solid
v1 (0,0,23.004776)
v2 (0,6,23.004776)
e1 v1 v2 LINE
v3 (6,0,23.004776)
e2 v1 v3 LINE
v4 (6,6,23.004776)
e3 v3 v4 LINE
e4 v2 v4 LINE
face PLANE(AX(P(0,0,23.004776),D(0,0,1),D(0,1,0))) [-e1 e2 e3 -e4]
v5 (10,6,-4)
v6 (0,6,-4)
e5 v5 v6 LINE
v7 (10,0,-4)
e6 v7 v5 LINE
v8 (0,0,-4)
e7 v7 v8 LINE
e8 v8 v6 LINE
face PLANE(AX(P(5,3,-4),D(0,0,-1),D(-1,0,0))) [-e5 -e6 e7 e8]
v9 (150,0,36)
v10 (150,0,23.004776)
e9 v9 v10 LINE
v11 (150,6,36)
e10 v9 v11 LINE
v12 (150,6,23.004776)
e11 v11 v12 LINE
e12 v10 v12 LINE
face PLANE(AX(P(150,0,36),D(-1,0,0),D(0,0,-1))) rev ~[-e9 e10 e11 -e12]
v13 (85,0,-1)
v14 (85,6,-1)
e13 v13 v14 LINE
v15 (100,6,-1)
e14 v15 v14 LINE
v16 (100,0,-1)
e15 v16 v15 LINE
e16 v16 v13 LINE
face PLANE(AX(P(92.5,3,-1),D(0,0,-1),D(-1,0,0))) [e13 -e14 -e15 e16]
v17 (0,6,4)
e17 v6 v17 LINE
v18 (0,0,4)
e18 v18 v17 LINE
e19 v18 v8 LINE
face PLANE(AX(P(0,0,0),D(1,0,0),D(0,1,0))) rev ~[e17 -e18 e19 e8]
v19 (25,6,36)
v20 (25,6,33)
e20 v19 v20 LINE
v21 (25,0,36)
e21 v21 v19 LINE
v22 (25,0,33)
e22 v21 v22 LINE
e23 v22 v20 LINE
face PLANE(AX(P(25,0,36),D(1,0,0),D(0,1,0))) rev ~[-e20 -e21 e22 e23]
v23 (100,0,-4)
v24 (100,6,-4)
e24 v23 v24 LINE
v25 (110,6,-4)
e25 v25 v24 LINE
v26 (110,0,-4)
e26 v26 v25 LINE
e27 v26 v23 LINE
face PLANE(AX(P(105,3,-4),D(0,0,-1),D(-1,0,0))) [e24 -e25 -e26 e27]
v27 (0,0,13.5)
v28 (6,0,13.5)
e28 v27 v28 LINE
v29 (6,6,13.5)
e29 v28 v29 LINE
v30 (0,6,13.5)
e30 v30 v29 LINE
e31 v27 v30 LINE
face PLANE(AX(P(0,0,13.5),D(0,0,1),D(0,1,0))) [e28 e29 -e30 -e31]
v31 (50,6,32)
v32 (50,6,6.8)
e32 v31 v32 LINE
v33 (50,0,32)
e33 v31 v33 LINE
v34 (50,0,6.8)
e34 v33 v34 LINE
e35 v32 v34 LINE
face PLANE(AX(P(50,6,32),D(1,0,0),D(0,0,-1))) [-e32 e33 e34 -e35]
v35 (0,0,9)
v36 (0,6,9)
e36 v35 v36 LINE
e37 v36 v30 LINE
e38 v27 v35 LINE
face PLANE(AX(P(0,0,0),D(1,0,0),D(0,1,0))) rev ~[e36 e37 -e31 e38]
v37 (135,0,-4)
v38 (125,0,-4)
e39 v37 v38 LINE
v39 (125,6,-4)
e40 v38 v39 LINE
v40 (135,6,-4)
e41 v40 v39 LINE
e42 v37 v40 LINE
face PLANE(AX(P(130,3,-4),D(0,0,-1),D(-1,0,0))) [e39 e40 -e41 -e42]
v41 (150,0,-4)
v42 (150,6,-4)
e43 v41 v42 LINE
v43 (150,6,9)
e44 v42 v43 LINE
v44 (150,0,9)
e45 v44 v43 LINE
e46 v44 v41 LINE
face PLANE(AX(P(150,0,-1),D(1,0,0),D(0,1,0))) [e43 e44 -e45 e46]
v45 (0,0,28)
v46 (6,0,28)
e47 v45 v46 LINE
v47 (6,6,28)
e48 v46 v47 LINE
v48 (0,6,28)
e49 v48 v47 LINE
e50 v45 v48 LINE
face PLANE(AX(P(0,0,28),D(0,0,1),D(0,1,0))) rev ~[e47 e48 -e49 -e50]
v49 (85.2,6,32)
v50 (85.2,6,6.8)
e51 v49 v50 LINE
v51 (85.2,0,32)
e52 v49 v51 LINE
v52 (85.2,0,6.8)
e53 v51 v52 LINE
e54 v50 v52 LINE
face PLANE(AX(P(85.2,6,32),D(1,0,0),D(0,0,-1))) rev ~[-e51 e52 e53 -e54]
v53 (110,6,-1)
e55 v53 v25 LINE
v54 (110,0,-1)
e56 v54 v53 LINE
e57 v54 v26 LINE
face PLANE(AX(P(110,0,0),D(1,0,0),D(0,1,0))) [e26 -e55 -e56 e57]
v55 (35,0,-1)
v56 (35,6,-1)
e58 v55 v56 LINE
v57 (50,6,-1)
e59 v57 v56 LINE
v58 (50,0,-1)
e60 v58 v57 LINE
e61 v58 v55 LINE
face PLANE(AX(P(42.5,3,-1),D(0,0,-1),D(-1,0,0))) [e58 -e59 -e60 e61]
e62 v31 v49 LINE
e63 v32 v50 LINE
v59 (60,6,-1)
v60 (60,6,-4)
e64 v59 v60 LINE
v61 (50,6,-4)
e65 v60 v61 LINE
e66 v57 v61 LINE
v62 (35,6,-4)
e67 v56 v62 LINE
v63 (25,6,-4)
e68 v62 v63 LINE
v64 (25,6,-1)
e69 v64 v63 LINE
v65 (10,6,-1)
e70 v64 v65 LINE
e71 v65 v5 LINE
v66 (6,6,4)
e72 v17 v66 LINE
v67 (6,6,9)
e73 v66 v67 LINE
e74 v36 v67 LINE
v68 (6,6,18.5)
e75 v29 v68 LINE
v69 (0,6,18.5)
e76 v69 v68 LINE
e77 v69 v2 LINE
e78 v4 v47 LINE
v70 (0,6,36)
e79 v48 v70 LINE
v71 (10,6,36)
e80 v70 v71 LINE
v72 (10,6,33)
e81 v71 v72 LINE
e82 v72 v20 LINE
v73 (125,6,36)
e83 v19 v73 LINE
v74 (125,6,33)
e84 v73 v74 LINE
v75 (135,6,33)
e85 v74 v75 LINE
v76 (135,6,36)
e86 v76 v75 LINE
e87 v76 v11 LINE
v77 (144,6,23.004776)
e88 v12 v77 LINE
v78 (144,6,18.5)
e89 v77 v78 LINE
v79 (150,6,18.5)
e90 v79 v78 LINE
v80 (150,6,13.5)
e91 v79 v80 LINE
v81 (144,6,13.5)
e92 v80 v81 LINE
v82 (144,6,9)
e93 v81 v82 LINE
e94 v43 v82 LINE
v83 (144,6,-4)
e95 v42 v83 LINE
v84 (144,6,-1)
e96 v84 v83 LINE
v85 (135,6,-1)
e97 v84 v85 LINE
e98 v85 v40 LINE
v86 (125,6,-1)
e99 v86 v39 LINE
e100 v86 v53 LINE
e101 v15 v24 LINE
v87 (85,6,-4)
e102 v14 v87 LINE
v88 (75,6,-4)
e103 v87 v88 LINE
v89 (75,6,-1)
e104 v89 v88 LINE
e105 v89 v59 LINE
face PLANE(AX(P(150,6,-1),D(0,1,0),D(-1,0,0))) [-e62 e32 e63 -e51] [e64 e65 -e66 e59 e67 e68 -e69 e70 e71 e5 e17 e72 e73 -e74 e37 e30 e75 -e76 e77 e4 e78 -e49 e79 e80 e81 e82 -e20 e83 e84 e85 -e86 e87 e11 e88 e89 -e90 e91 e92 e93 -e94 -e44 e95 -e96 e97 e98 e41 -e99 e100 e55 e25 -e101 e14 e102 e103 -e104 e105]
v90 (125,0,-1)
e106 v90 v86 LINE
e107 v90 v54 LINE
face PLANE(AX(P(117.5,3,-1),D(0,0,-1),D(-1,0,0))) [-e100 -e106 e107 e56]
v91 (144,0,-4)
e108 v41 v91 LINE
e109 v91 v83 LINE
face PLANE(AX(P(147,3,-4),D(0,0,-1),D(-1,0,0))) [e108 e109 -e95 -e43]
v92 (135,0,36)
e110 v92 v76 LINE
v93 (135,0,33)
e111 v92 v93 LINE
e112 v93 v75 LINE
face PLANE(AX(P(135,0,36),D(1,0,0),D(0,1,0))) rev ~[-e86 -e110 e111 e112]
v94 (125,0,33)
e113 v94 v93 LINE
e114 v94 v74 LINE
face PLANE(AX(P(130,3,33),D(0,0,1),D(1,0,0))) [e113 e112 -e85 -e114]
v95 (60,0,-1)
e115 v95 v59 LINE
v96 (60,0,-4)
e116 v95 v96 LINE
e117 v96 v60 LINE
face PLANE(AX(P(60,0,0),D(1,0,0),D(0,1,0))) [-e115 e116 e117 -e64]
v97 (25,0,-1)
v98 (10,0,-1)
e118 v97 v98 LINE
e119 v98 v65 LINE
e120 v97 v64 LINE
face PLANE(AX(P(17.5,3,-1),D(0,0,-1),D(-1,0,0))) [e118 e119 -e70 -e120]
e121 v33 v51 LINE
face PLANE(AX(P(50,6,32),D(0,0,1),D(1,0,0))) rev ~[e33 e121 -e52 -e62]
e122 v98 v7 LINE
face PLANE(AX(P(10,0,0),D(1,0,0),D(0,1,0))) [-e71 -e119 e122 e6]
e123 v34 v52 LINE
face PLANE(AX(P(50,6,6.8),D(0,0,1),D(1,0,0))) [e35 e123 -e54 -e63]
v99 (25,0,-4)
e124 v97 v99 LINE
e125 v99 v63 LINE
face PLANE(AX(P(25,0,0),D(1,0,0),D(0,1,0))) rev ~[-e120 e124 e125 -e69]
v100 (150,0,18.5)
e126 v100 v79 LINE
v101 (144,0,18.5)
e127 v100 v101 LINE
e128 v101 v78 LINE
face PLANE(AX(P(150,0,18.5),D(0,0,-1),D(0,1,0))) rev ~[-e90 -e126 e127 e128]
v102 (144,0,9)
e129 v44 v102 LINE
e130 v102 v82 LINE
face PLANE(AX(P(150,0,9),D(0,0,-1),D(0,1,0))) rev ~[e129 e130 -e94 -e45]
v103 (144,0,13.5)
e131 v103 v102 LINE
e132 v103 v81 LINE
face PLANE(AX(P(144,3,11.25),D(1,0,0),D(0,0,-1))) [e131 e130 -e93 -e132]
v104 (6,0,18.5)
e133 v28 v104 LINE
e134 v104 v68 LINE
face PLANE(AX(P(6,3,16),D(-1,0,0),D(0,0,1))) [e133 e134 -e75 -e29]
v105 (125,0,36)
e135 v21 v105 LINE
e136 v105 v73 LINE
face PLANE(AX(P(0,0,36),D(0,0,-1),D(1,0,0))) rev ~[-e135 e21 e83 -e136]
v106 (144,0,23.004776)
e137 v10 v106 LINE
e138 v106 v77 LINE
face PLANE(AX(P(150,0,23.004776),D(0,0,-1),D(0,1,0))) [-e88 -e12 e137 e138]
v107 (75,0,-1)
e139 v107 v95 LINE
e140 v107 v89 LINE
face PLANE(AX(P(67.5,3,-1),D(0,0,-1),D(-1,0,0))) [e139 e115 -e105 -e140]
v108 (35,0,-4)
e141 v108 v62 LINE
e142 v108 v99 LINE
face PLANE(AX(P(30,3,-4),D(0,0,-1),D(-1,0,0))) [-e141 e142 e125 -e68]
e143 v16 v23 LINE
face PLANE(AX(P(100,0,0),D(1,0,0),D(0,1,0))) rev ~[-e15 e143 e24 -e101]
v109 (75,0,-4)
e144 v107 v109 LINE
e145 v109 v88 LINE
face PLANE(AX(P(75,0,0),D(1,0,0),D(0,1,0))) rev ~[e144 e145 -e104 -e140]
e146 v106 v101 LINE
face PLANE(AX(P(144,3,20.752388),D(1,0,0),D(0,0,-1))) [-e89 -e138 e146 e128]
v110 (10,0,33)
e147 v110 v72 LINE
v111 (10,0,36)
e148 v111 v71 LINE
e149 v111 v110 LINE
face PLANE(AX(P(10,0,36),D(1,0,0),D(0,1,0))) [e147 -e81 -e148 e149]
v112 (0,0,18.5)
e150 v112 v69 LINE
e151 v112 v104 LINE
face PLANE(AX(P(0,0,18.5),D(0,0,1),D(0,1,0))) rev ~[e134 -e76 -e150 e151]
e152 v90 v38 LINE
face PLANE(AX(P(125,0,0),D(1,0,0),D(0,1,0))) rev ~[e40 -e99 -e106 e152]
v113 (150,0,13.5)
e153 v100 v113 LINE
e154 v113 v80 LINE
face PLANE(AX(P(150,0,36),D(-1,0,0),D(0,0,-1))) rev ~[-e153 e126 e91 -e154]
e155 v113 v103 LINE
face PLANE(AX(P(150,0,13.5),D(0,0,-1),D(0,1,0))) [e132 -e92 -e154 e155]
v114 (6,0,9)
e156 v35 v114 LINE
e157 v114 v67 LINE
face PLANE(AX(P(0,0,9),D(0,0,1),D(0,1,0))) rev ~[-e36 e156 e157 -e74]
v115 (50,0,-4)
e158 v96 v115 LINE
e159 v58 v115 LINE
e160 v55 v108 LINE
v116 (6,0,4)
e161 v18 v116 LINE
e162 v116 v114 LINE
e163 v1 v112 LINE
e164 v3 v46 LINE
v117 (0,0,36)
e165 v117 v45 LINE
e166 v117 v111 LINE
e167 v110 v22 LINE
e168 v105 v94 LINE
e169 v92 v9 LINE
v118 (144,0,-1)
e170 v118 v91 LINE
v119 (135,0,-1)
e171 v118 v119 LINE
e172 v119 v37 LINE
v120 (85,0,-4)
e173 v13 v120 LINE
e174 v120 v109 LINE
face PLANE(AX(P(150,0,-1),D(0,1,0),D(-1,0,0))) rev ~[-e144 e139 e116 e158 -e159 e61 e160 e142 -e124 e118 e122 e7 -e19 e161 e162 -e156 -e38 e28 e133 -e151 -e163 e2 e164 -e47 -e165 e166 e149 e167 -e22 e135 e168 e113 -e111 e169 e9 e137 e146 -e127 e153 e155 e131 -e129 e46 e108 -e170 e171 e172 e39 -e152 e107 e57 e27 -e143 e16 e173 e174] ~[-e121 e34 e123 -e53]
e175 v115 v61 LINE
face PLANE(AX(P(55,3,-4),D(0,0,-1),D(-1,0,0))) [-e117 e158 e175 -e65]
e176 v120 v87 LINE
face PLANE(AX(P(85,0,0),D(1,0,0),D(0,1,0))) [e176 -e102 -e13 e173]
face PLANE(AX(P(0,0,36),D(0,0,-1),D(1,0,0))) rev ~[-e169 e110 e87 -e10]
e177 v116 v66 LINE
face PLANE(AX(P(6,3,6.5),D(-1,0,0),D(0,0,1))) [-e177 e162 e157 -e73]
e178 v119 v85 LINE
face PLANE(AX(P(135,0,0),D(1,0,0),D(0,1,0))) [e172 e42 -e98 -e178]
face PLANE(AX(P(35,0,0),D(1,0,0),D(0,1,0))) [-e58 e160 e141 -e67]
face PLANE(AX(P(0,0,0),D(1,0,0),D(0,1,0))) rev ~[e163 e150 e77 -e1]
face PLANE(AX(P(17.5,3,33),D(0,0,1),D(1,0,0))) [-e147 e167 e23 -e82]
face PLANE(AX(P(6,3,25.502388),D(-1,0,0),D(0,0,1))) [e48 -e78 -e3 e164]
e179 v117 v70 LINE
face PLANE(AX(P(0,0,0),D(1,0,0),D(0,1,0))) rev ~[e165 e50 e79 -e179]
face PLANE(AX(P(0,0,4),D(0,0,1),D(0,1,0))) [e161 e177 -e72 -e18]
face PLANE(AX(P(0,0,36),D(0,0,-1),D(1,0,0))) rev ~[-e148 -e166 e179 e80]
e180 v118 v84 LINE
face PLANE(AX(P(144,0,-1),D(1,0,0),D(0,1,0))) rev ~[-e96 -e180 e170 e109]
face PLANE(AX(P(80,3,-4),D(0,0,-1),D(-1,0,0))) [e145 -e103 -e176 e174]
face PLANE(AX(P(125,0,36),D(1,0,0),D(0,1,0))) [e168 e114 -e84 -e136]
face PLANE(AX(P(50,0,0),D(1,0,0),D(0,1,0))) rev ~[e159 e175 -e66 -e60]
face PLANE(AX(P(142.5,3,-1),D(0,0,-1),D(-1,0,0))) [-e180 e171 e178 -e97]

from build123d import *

# Parameters (mm, degrees)
SKETCH_1_W             = 150
SKETCH_1_H             = 36
EXTRUDE_2_DEPTH        = 6
SKETCH_6_W             = 10
SKETCH_6_H             = 6
EXTRUDE_4_DEPTH        = 4
PATTERN_LINEAR_1_COUNT = 6
PATTERN_LINEAR_1_PITCH = 25
SKETCH_8_W             = 5
SKETCH_8_H             = 6
SKETCH_8_W_2           = 4.995224333
CUT_EXTRUDE_3_DEPTH    = 6
SKETCH_11_W            = 4.504775667
SKETCH_11_H            = 6
SKETCH_11_W_2          = 4.5
CUT_EXTRUDE_4_DEPTH    = 6
SKETCH_12_W            = 35.2
SKETCH_12_H            = 25.2
CUT_EXTRUDE_5_DEPTH    = 155.376163963
SKETCH_14_W            = 15
SKETCH_14_H            = 6
SKETCH_14_W_2          = 10
CUT_EXTRUDE_6_DEPTH    = 4
SKETCH_15_W            = 15
SKETCH_15_H            = 6
EXTRUDE_5_DEPTH        = 1
PATTERN_LINEAR_2_COUNT = 5
PATTERN_LINEAR_2_PITCH = 25
SKETCH_16_W            = 15
SKETCH_16_H            = 6
EXTRUDE_6_DEPTH        = 1
SKETCH_17_W            = 10
SKETCH_17_H            = 6
EXTRUDE_7_DEPTH        = 1
SKETCH_18_W            = 15
SKETCH_18_H            = 6
EXTRUDE_8_DEPTH        = 1
SKETCH_19_W            = 6
SKETCH_19_H            = 6
EXTRUDE_9_DEPTH        = 3


with BuildPart() as part:
    # Эскиз1 → Бобышка-Вытянуть2 (new body)
    with BuildSketch(Plane(origin=(0, 0, 0), x_dir=(1, 0, 0), z_dir=(0, 1, 0))):
        with Locations((75, -18)):
            Rectangle(SKETCH_1_W, SKETCH_1_H)
    extrude(amount=EXTRUDE_2_DEPTH)

    # Эскиз6 → Бобышка-Вытянуть4 (add)
    with BuildSketch(Plane(origin=(0, 0, 0), x_dir=(-1, 0, 0), z_dir=(0, 0, -1))):
        with Locations((-5, 3)):
            Rectangle(SKETCH_6_W, SKETCH_6_H)
    extrude_4 = extrude(amount=EXTRUDE_4_DEPTH)

    # Линейный массив1: Бобышка-Вытянуть4 ×6
    with Locations(*[(i * PATTERN_LINEAR_1_PITCH, 0, 0) for i in range(1, PATTERN_LINEAR_1_COUNT)]):
        add(extrude_4)

    # Эскиз8 → Вырез-Вытянуть3 (cut)
    with BuildSketch(Plane.ZY):
        with Locations((6.5, 3)):
            Rectangle(SKETCH_8_W, SKETCH_8_H)
        with Locations((16, 3)):
            Rectangle(SKETCH_8_W, SKETCH_8_H)
        with Locations((25.502387834, 3)):
            Rectangle(SKETCH_8_W_2, SKETCH_8_H)
    extrude(amount=-CUT_EXTRUDE_3_DEPTH, mode=Mode.SUBTRACT)

    # Эскиз11 → Вырез-Вытянуть4 (cut)
    with BuildSketch(Plane(origin=(150, 0, 0), x_dir=(0, 0, -1), z_dir=(1, 0, 0))):
        with Locations((-20.752387834, 3)):
            Rectangle(SKETCH_11_W, SKETCH_11_H)
        with Locations((-11.25, 3)):
            Rectangle(SKETCH_11_W_2, SKETCH_11_H)
    extrude(amount=-CUT_EXTRUDE_4_DEPTH, mode=Mode.SUBTRACT)

    # Эскиз12 → Вырез-Вытянуть5 (cut, through all)
    with BuildSketch(Plane(origin=(0, 6, 0), x_dir=(1, 0, 0), z_dir=(0, 1, 0))):
        with Locations((67.6, -19.4)):
            Rectangle(SKETCH_12_W, SKETCH_12_H)
    extrude(amount=-CUT_EXTRUDE_5_DEPTH, mode=Mode.SUBTRACT)

    # Эскиз14 → Вырез-Вытянуть6 (cut)
    with BuildSketch(Plane.XY.offset(36)):
        with Locations((17.5, 3)):
            Rectangle(SKETCH_14_W, SKETCH_14_H)
        with Locations((130, 3)):
            Rectangle(SKETCH_14_W_2, SKETCH_14_H)
    extrude(amount=-CUT_EXTRUDE_6_DEPTH, mode=Mode.SUBTRACT)

    # Эскиз15 → Бобышка-Вытянуть5 (add)
    with BuildSketch(Plane(origin=(0, 0, 0), x_dir=(-1, 0, 0), z_dir=(0, 0, -1))):
        with Locations((-17.5, 3)):
            Rectangle(SKETCH_15_W, SKETCH_15_H)
    extrude_5 = extrude(amount=EXTRUDE_5_DEPTH)

    # Линейный массив2: Бобышка-Вытянуть5 ×5
    with Locations(*[(i * PATTERN_LINEAR_2_PITCH, 0, 0) for i in range(1, PATTERN_LINEAR_2_COUNT)]):
        add(extrude_5)

    # Эскиз16 → Бобышка-Вытянуть6 (add)
    with BuildSketch(Plane(origin=(0, 0, 0), x_dir=(-1, 0, 0), z_dir=(0, 0, -1))):
        with Locations((-142.5, 3)):
            Rectangle(SKETCH_16_W, SKETCH_16_H)
    extrude(amount=EXTRUDE_6_DEPTH)

    # Эскиз17 → Бобышка-Вытянуть7 (add)
    with BuildSketch(Plane.XY.offset(32)):
        with Locations((130, 3)):
            Rectangle(SKETCH_17_W, SKETCH_17_H)
    extrude(amount=EXTRUDE_7_DEPTH)

    # Эскиз18 → Бобышка-Вытянуть8 (add)
    with BuildSketch(Plane.XY.offset(32)):
        with Locations((17.5, 3)):
            Rectangle(SKETCH_18_W, SKETCH_18_H)
    extrude(amount=EXTRUDE_8_DEPTH)

    # Эскиз19 → Бобышка-Вытянуть9 (add)
    with BuildSketch(Plane(origin=(0, 0, -1), x_dir=(-1, 0, 0), z_dir=(0, 0, -1))):
        with Locations((-147, 3)):
            Rectangle(SKETCH_19_W, SKETCH_19_H)
    extrude(amount=EXTRUDE_9_DEPTH)


solid = part.part
